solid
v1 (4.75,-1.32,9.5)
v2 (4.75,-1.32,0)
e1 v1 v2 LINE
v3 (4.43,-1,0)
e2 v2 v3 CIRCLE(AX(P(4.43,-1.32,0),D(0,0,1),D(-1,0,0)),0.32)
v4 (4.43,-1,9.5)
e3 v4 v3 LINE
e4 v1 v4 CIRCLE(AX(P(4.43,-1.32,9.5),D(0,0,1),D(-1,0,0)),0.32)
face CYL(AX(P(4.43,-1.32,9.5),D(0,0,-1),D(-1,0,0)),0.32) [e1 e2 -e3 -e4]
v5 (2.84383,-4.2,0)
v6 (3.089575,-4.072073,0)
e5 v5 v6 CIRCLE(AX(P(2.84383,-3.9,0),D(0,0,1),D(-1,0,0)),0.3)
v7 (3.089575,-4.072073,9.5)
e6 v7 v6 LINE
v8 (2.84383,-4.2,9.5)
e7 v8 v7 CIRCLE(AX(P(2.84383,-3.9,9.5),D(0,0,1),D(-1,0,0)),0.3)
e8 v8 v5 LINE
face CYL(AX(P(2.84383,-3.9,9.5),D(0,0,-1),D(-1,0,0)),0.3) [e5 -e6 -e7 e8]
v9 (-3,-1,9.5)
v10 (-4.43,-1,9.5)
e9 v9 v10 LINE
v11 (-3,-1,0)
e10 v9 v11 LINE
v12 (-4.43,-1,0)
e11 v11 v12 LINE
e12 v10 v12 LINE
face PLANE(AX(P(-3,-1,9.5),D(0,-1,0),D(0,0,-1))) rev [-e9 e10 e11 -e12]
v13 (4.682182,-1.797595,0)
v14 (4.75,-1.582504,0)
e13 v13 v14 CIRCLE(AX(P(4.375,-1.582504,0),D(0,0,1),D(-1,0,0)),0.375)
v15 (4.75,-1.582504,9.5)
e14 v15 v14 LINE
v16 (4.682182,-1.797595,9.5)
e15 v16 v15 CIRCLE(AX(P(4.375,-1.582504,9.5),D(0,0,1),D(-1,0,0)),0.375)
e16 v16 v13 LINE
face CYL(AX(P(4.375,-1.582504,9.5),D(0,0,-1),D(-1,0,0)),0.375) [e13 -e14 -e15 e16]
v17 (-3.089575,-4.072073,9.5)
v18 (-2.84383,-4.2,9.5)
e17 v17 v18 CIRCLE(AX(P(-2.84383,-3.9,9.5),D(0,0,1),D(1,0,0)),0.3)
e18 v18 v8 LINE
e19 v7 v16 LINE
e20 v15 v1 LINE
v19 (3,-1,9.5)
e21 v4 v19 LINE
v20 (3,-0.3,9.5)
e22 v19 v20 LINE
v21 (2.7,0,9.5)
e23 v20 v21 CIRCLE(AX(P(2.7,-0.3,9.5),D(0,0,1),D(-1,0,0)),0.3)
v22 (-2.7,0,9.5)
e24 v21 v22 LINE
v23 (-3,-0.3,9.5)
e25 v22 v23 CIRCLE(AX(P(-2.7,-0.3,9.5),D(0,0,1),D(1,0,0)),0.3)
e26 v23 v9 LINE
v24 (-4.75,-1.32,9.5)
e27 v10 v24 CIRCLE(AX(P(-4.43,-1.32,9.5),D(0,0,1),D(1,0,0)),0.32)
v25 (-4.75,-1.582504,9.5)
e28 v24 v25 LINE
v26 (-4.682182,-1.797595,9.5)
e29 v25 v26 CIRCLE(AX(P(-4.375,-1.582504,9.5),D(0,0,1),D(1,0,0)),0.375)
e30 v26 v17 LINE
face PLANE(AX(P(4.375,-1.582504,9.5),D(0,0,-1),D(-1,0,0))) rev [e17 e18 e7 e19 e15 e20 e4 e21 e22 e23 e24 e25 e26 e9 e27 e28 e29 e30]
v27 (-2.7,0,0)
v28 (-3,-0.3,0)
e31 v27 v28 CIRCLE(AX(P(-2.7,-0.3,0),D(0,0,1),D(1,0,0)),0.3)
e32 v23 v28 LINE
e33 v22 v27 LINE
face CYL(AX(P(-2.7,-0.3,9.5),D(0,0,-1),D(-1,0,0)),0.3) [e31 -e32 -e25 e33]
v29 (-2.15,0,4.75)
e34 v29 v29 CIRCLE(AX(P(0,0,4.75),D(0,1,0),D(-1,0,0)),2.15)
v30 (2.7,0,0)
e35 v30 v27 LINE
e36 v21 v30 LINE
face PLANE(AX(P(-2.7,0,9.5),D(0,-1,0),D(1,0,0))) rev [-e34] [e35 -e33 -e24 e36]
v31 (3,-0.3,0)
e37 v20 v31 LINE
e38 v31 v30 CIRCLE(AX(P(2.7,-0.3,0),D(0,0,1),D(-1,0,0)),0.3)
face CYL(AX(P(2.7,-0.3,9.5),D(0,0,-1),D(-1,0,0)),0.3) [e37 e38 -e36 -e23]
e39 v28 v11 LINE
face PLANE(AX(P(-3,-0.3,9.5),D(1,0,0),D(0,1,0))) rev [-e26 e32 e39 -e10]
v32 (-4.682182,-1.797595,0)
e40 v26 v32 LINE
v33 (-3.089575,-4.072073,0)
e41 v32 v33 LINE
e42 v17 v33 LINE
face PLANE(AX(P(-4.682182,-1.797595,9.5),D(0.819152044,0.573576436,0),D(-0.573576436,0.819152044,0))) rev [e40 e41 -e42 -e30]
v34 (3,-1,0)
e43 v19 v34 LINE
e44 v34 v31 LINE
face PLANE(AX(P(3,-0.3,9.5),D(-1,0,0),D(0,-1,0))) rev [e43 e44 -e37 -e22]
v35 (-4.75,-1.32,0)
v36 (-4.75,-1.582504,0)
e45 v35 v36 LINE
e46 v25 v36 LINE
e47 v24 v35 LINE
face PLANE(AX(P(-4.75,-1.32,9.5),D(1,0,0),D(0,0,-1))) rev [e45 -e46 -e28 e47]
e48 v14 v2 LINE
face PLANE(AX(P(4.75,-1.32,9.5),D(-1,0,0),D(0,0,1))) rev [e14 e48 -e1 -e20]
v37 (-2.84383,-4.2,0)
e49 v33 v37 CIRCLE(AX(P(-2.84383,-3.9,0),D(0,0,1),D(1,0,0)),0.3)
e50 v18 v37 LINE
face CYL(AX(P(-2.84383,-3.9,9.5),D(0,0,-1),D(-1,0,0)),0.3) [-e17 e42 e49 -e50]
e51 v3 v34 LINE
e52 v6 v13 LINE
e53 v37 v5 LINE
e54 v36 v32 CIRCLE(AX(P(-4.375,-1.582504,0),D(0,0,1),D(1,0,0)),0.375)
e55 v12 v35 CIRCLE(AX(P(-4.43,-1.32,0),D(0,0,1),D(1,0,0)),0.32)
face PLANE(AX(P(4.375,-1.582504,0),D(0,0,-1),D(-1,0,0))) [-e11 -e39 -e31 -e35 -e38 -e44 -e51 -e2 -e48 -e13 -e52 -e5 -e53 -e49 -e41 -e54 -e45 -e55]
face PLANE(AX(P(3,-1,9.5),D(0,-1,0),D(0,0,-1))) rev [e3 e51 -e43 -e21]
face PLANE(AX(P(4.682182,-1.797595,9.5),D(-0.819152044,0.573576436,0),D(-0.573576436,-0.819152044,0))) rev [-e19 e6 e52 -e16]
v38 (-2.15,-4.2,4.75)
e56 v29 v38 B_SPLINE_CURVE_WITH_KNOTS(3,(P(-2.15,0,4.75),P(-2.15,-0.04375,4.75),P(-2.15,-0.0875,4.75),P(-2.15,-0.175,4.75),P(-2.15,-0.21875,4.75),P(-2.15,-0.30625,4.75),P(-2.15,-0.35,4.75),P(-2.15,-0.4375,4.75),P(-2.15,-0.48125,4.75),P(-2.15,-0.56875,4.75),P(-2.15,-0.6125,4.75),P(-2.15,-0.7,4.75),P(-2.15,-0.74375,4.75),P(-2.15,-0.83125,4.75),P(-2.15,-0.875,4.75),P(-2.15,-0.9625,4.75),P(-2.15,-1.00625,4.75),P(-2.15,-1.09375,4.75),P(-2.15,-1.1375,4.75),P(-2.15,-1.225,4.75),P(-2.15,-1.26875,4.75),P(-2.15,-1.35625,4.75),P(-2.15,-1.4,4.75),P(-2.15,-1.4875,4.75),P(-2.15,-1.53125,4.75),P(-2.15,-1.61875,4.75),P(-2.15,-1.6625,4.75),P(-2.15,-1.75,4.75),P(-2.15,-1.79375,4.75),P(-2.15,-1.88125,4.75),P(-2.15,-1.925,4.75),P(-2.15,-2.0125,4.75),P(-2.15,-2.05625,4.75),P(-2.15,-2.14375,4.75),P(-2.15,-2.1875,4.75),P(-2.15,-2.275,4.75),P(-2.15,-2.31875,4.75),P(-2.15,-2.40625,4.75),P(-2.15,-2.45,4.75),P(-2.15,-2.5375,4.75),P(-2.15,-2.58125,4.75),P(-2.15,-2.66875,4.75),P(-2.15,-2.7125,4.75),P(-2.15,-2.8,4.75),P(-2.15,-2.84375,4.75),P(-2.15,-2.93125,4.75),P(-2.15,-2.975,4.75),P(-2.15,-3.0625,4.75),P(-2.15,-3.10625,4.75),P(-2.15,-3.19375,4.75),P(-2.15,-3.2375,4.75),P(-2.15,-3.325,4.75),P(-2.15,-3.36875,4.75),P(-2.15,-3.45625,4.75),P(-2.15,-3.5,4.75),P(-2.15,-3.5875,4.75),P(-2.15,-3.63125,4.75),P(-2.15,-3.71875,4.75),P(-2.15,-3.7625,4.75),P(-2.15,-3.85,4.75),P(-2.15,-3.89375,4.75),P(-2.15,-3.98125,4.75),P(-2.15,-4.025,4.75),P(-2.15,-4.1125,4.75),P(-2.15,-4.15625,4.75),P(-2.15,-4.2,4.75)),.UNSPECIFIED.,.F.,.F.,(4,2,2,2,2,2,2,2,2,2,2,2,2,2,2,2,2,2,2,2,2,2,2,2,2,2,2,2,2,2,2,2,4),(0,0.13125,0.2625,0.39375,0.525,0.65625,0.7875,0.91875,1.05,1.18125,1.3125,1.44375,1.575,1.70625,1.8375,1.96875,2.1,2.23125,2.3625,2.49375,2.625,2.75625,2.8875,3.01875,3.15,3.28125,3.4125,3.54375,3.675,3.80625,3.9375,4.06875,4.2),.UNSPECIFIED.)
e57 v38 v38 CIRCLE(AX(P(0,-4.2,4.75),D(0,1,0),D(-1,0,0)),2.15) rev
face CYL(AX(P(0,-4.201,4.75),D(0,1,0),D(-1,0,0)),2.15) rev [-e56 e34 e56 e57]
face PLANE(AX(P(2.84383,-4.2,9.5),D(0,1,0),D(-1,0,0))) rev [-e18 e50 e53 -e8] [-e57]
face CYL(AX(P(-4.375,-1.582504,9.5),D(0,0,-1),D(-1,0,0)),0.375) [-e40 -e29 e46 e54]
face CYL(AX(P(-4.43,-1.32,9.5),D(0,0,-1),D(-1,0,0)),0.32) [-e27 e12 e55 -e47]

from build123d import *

# Parameters (mm, degrees)
EXTRUDE_2_DEPTH     = 9.5
CUT_EXTRUDE_2_REACH = 13.422
SKETCH_4_R          = 2.15


with BuildPart() as part:
    # 草图3 → 凸台-拉伸2 (new body)
    with BuildSketch(Plane.XY):
        with BuildLine():
            Line((-2.7, 0), (2.7, 0))
            ThreePointArc((2.7, 0), (2.912132034, -0.087867966), (3, -0.3))
            Line((3, -0.3), (3, -1))
            Line((3, -1), (4.43, -1))
            ThreePointArc((4.43, -1), (4.65627417, -1.09372583), (4.75, -1.32))
            Line((4.75, -1.32), (4.75, -1.582503942))
            ThreePointArc((4.75, -1.582503942), (4.732643857, -1.695268617), (4.682182017, -1.797595106))
            Line((4.682182017, -1.797595106), (3.089575498, -4.072072931))
            ThreePointArc((3.089575498, -4.072072931), (2.982354469, -4.16610325), (2.843829885, -4.2))
            Line((2.843829885, -4.2), (-2.843829885, -4.2))
            ThreePointArc((-2.843829885, -4.2), (-2.982354469, -4.16610325), (-3.089575498, -4.072072931))
            Line((-3.089575498, -4.072072931), (-4.682182017, -1.797595106))
            ThreePointArc((-4.682182017, -1.797595106), (-4.732643857, -1.695268617), (-4.75, -1.582503942))
            Line((-4.75, -1.582503942), (-4.75, -1.32))
            ThreePointArc((-4.75, -1.32), (-4.65627417, -1.09372583), (-4.43, -1))
            Line((-4.43, -1), (-3, -1))
            Line((-3, -1), (-3, -0.3))
            ThreePointArc((-3, -0.3), (-2.912132034, -0.087867966), (-2.7, 0))
        make_face()
    extrude(amount=EXTRUDE_2_DEPTH)

    # 草图4 → 切除-拉伸2 (cut, up to next)
    with BuildSketch(Plane(origin=(0, 0, 0), x_dir=(1, 0, 0), z_dir=(0, 1, 0)), mode=Mode.PRIVATE) as cut_extrude_2_sk1:
        with Locations(Location((0, -4.75, 0), (0, 0, 180))):
            Circle(SKETCH_4_R)
    cut_extrude_2_tool1 = extrude(cut_extrude_2_sk1.sketch, amount=-CUT_EXTRUDE_2_REACH, mode=Mode.PRIVATE) & part.part
    add(cut_extrude_2_tool1.solids().sort_by_distance((0, 0, 4.75))[0], mode=Mode.SUBTRACT)


solid = part.part
